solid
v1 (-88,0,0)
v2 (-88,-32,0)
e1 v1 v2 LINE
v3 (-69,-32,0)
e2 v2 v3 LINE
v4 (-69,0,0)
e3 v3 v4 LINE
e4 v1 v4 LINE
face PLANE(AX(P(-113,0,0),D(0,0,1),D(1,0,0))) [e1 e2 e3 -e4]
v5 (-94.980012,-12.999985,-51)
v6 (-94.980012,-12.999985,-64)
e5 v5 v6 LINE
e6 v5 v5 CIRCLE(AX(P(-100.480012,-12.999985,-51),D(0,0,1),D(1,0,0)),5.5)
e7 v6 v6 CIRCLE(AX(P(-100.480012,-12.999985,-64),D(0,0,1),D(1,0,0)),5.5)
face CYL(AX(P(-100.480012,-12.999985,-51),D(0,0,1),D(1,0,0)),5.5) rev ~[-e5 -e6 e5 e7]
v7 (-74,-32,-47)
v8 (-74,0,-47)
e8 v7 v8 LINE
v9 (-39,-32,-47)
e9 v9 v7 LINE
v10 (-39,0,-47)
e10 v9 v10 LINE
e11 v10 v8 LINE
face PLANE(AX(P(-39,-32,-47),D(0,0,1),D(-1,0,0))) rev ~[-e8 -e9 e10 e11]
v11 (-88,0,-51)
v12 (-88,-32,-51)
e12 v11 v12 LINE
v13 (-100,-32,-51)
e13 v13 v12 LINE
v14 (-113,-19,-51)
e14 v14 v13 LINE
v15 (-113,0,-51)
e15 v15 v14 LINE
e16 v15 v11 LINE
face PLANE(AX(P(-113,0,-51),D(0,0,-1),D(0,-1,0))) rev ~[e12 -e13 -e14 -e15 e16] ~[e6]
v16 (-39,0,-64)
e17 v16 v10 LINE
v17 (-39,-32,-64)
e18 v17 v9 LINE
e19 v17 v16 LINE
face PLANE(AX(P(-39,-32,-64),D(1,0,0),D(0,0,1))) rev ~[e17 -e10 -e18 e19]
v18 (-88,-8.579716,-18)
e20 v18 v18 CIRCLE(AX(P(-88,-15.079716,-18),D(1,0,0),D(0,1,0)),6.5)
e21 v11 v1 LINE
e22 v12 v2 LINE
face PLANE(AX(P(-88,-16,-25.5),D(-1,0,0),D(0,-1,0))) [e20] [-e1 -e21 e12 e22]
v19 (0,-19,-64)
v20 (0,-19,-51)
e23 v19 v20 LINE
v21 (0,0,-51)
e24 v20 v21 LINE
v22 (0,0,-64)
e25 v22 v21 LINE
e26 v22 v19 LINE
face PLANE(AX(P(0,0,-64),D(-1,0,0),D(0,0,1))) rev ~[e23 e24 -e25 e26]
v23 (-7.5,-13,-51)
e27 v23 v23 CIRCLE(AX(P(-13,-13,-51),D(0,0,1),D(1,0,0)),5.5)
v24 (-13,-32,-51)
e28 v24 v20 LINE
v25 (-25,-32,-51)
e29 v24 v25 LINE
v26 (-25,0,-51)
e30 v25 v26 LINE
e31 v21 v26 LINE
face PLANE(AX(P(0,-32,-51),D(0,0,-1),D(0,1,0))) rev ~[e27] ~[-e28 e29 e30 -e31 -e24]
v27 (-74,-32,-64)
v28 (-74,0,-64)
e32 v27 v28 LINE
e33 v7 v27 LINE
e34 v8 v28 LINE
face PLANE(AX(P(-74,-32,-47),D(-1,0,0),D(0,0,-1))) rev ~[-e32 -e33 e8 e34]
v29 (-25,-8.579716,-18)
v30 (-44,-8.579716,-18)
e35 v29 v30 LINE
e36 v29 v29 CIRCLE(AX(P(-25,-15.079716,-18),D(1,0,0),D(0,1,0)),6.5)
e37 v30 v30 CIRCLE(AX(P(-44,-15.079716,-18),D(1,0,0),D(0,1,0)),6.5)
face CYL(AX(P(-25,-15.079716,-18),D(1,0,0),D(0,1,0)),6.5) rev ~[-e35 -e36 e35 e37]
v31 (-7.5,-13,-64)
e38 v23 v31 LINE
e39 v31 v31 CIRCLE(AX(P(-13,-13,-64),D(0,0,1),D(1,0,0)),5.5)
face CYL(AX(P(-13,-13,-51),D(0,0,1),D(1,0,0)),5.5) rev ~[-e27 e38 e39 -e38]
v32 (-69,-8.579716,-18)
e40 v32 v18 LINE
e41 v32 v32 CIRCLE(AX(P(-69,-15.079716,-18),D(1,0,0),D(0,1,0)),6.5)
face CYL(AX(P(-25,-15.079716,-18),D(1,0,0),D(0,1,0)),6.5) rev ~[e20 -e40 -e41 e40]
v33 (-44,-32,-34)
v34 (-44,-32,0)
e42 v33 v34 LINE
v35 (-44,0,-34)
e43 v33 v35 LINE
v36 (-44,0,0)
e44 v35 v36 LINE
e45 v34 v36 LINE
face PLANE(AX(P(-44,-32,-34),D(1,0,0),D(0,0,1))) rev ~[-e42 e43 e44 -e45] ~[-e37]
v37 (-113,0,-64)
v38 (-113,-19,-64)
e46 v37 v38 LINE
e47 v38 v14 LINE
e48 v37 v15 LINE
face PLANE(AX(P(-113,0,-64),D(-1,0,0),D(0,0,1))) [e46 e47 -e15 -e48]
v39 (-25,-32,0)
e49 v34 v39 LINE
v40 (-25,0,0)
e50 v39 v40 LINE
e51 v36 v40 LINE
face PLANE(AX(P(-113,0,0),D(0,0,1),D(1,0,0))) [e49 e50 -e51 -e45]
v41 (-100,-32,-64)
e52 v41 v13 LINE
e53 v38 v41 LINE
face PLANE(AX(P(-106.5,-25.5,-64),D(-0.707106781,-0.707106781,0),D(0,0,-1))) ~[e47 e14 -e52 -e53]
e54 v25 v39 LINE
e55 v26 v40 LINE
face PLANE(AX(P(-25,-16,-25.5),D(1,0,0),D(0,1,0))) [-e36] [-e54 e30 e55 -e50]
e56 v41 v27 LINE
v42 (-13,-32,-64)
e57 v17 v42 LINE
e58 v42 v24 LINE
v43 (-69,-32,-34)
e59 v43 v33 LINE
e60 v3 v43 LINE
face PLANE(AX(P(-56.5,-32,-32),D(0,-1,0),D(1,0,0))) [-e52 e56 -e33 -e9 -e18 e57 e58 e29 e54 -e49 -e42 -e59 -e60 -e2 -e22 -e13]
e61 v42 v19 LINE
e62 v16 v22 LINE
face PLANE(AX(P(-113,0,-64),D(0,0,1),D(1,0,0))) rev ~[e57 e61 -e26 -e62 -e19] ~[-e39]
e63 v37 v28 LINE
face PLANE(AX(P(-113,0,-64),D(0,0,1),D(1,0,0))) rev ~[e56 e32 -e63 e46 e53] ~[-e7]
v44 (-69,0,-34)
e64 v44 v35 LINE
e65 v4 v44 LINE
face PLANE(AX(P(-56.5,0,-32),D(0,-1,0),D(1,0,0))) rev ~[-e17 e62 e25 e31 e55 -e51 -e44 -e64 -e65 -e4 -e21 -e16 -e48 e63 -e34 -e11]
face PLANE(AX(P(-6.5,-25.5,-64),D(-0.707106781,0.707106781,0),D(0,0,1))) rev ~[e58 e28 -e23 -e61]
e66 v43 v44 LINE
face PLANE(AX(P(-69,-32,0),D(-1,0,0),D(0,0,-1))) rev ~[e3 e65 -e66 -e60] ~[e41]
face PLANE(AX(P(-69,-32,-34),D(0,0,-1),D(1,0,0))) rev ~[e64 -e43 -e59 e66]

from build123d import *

# Parameters (mm, degrees)
F0_W      = 113
F0_H      = 64
F1_DEPTH  = 32
F2_W      = 32
F2_H      = 51
F3_DEPTH  = 25
F4_W      = 32
F4_H      = 51
F5_DEPTH  = 25
F7_DEPTH  = 32.001
F9_DEPTH  = 32.001
F10_SIZE  = 13
F11_SIZE  = 13
F12_R     = 5.5
F13_DEPTH = 13.001
F14_R     = 6.5
F15_DEPTH = 88.001


with BuildPart() as f1:
    # F0 (on Front) → F1 (new body)
    with BuildSketch(Plane.XZ):
        with Locations((-56.5, -32)):
            Rectangle(F0_W, F0_H)
    extrude(amount=F1_DEPTH)

    # F2 (on face) → F3 (cut)
    with BuildSketch(Plane.YZ):
        with Locations((-16, -25.5)):
            Rectangle(F2_W, F2_H)
    extrude(amount=-F3_DEPTH, mode=Mode.SUBTRACT)

    # F4 (on face) → F5 (cut)
    with BuildSketch(Plane(origin=(-113, 0, 0), x_dir=(0, -1, 0), z_dir=(-1, 0, 0))):
        with Locations((16, -25.5)):
            Rectangle(F4_W, F4_H)
    extrude(amount=-F5_DEPTH, mode=Mode.SUBTRACT)

    # F6 (on face) → F7 (cut, through all)
    with BuildSketch(Plane.XZ.offset(32)):
        Polygon((-39, -47), (-56.5, -47), (-74, -47), (-74, -64), (-56.5, -64), (-39, -64), align=None)
    extrude(amount=-F7_DEPTH, mode=Mode.SUBTRACT)

    # F8 (on face) → F9 (cut, through all)
    with BuildSketch(Plane.XZ.offset(32)):
        Polygon((-69, -34), (-56.5, -34), (-44, -34), (-44, 0), (-56.5, 0), (-69, 0), align=None)
    extrude(amount=-F9_DEPTH, mode=Mode.SUBTRACT)

    # F10
    f10_edges = [f1.edges().sort_by_distance(p)[0] for p in [
        (-113, -32, -57.5),
    ]]
    chamfer(f10_edges, length=F10_SIZE)

    # F11
    f11_edges = [f1.edges().sort_by_distance(p)[0] for p in [
        (0, -32, -57.5),
    ]]
    chamfer(f11_edges, length=F11_SIZE)

    # F12 (on face) → F13 (cut, through all)
    with BuildSketch(Plane.XY.offset(-51)):
        with Locations((-100.480012, -12.999985)):
            Circle(F12_R)
        with Locations((-13, -13)):
            Circle(F12_R)
    extrude(amount=-F13_DEPTH, mode=Mode.SUBTRACT)

    # F14 (on face) → F15 (cut, through all)
    with BuildSketch(Plane.YZ.offset(-25)):
        with Locations((-15.079716, -18)):
            Circle(F14_R)
    extrude(amount=-F15_DEPTH, mode=Mode.SUBTRACT)


solid = f1.part
